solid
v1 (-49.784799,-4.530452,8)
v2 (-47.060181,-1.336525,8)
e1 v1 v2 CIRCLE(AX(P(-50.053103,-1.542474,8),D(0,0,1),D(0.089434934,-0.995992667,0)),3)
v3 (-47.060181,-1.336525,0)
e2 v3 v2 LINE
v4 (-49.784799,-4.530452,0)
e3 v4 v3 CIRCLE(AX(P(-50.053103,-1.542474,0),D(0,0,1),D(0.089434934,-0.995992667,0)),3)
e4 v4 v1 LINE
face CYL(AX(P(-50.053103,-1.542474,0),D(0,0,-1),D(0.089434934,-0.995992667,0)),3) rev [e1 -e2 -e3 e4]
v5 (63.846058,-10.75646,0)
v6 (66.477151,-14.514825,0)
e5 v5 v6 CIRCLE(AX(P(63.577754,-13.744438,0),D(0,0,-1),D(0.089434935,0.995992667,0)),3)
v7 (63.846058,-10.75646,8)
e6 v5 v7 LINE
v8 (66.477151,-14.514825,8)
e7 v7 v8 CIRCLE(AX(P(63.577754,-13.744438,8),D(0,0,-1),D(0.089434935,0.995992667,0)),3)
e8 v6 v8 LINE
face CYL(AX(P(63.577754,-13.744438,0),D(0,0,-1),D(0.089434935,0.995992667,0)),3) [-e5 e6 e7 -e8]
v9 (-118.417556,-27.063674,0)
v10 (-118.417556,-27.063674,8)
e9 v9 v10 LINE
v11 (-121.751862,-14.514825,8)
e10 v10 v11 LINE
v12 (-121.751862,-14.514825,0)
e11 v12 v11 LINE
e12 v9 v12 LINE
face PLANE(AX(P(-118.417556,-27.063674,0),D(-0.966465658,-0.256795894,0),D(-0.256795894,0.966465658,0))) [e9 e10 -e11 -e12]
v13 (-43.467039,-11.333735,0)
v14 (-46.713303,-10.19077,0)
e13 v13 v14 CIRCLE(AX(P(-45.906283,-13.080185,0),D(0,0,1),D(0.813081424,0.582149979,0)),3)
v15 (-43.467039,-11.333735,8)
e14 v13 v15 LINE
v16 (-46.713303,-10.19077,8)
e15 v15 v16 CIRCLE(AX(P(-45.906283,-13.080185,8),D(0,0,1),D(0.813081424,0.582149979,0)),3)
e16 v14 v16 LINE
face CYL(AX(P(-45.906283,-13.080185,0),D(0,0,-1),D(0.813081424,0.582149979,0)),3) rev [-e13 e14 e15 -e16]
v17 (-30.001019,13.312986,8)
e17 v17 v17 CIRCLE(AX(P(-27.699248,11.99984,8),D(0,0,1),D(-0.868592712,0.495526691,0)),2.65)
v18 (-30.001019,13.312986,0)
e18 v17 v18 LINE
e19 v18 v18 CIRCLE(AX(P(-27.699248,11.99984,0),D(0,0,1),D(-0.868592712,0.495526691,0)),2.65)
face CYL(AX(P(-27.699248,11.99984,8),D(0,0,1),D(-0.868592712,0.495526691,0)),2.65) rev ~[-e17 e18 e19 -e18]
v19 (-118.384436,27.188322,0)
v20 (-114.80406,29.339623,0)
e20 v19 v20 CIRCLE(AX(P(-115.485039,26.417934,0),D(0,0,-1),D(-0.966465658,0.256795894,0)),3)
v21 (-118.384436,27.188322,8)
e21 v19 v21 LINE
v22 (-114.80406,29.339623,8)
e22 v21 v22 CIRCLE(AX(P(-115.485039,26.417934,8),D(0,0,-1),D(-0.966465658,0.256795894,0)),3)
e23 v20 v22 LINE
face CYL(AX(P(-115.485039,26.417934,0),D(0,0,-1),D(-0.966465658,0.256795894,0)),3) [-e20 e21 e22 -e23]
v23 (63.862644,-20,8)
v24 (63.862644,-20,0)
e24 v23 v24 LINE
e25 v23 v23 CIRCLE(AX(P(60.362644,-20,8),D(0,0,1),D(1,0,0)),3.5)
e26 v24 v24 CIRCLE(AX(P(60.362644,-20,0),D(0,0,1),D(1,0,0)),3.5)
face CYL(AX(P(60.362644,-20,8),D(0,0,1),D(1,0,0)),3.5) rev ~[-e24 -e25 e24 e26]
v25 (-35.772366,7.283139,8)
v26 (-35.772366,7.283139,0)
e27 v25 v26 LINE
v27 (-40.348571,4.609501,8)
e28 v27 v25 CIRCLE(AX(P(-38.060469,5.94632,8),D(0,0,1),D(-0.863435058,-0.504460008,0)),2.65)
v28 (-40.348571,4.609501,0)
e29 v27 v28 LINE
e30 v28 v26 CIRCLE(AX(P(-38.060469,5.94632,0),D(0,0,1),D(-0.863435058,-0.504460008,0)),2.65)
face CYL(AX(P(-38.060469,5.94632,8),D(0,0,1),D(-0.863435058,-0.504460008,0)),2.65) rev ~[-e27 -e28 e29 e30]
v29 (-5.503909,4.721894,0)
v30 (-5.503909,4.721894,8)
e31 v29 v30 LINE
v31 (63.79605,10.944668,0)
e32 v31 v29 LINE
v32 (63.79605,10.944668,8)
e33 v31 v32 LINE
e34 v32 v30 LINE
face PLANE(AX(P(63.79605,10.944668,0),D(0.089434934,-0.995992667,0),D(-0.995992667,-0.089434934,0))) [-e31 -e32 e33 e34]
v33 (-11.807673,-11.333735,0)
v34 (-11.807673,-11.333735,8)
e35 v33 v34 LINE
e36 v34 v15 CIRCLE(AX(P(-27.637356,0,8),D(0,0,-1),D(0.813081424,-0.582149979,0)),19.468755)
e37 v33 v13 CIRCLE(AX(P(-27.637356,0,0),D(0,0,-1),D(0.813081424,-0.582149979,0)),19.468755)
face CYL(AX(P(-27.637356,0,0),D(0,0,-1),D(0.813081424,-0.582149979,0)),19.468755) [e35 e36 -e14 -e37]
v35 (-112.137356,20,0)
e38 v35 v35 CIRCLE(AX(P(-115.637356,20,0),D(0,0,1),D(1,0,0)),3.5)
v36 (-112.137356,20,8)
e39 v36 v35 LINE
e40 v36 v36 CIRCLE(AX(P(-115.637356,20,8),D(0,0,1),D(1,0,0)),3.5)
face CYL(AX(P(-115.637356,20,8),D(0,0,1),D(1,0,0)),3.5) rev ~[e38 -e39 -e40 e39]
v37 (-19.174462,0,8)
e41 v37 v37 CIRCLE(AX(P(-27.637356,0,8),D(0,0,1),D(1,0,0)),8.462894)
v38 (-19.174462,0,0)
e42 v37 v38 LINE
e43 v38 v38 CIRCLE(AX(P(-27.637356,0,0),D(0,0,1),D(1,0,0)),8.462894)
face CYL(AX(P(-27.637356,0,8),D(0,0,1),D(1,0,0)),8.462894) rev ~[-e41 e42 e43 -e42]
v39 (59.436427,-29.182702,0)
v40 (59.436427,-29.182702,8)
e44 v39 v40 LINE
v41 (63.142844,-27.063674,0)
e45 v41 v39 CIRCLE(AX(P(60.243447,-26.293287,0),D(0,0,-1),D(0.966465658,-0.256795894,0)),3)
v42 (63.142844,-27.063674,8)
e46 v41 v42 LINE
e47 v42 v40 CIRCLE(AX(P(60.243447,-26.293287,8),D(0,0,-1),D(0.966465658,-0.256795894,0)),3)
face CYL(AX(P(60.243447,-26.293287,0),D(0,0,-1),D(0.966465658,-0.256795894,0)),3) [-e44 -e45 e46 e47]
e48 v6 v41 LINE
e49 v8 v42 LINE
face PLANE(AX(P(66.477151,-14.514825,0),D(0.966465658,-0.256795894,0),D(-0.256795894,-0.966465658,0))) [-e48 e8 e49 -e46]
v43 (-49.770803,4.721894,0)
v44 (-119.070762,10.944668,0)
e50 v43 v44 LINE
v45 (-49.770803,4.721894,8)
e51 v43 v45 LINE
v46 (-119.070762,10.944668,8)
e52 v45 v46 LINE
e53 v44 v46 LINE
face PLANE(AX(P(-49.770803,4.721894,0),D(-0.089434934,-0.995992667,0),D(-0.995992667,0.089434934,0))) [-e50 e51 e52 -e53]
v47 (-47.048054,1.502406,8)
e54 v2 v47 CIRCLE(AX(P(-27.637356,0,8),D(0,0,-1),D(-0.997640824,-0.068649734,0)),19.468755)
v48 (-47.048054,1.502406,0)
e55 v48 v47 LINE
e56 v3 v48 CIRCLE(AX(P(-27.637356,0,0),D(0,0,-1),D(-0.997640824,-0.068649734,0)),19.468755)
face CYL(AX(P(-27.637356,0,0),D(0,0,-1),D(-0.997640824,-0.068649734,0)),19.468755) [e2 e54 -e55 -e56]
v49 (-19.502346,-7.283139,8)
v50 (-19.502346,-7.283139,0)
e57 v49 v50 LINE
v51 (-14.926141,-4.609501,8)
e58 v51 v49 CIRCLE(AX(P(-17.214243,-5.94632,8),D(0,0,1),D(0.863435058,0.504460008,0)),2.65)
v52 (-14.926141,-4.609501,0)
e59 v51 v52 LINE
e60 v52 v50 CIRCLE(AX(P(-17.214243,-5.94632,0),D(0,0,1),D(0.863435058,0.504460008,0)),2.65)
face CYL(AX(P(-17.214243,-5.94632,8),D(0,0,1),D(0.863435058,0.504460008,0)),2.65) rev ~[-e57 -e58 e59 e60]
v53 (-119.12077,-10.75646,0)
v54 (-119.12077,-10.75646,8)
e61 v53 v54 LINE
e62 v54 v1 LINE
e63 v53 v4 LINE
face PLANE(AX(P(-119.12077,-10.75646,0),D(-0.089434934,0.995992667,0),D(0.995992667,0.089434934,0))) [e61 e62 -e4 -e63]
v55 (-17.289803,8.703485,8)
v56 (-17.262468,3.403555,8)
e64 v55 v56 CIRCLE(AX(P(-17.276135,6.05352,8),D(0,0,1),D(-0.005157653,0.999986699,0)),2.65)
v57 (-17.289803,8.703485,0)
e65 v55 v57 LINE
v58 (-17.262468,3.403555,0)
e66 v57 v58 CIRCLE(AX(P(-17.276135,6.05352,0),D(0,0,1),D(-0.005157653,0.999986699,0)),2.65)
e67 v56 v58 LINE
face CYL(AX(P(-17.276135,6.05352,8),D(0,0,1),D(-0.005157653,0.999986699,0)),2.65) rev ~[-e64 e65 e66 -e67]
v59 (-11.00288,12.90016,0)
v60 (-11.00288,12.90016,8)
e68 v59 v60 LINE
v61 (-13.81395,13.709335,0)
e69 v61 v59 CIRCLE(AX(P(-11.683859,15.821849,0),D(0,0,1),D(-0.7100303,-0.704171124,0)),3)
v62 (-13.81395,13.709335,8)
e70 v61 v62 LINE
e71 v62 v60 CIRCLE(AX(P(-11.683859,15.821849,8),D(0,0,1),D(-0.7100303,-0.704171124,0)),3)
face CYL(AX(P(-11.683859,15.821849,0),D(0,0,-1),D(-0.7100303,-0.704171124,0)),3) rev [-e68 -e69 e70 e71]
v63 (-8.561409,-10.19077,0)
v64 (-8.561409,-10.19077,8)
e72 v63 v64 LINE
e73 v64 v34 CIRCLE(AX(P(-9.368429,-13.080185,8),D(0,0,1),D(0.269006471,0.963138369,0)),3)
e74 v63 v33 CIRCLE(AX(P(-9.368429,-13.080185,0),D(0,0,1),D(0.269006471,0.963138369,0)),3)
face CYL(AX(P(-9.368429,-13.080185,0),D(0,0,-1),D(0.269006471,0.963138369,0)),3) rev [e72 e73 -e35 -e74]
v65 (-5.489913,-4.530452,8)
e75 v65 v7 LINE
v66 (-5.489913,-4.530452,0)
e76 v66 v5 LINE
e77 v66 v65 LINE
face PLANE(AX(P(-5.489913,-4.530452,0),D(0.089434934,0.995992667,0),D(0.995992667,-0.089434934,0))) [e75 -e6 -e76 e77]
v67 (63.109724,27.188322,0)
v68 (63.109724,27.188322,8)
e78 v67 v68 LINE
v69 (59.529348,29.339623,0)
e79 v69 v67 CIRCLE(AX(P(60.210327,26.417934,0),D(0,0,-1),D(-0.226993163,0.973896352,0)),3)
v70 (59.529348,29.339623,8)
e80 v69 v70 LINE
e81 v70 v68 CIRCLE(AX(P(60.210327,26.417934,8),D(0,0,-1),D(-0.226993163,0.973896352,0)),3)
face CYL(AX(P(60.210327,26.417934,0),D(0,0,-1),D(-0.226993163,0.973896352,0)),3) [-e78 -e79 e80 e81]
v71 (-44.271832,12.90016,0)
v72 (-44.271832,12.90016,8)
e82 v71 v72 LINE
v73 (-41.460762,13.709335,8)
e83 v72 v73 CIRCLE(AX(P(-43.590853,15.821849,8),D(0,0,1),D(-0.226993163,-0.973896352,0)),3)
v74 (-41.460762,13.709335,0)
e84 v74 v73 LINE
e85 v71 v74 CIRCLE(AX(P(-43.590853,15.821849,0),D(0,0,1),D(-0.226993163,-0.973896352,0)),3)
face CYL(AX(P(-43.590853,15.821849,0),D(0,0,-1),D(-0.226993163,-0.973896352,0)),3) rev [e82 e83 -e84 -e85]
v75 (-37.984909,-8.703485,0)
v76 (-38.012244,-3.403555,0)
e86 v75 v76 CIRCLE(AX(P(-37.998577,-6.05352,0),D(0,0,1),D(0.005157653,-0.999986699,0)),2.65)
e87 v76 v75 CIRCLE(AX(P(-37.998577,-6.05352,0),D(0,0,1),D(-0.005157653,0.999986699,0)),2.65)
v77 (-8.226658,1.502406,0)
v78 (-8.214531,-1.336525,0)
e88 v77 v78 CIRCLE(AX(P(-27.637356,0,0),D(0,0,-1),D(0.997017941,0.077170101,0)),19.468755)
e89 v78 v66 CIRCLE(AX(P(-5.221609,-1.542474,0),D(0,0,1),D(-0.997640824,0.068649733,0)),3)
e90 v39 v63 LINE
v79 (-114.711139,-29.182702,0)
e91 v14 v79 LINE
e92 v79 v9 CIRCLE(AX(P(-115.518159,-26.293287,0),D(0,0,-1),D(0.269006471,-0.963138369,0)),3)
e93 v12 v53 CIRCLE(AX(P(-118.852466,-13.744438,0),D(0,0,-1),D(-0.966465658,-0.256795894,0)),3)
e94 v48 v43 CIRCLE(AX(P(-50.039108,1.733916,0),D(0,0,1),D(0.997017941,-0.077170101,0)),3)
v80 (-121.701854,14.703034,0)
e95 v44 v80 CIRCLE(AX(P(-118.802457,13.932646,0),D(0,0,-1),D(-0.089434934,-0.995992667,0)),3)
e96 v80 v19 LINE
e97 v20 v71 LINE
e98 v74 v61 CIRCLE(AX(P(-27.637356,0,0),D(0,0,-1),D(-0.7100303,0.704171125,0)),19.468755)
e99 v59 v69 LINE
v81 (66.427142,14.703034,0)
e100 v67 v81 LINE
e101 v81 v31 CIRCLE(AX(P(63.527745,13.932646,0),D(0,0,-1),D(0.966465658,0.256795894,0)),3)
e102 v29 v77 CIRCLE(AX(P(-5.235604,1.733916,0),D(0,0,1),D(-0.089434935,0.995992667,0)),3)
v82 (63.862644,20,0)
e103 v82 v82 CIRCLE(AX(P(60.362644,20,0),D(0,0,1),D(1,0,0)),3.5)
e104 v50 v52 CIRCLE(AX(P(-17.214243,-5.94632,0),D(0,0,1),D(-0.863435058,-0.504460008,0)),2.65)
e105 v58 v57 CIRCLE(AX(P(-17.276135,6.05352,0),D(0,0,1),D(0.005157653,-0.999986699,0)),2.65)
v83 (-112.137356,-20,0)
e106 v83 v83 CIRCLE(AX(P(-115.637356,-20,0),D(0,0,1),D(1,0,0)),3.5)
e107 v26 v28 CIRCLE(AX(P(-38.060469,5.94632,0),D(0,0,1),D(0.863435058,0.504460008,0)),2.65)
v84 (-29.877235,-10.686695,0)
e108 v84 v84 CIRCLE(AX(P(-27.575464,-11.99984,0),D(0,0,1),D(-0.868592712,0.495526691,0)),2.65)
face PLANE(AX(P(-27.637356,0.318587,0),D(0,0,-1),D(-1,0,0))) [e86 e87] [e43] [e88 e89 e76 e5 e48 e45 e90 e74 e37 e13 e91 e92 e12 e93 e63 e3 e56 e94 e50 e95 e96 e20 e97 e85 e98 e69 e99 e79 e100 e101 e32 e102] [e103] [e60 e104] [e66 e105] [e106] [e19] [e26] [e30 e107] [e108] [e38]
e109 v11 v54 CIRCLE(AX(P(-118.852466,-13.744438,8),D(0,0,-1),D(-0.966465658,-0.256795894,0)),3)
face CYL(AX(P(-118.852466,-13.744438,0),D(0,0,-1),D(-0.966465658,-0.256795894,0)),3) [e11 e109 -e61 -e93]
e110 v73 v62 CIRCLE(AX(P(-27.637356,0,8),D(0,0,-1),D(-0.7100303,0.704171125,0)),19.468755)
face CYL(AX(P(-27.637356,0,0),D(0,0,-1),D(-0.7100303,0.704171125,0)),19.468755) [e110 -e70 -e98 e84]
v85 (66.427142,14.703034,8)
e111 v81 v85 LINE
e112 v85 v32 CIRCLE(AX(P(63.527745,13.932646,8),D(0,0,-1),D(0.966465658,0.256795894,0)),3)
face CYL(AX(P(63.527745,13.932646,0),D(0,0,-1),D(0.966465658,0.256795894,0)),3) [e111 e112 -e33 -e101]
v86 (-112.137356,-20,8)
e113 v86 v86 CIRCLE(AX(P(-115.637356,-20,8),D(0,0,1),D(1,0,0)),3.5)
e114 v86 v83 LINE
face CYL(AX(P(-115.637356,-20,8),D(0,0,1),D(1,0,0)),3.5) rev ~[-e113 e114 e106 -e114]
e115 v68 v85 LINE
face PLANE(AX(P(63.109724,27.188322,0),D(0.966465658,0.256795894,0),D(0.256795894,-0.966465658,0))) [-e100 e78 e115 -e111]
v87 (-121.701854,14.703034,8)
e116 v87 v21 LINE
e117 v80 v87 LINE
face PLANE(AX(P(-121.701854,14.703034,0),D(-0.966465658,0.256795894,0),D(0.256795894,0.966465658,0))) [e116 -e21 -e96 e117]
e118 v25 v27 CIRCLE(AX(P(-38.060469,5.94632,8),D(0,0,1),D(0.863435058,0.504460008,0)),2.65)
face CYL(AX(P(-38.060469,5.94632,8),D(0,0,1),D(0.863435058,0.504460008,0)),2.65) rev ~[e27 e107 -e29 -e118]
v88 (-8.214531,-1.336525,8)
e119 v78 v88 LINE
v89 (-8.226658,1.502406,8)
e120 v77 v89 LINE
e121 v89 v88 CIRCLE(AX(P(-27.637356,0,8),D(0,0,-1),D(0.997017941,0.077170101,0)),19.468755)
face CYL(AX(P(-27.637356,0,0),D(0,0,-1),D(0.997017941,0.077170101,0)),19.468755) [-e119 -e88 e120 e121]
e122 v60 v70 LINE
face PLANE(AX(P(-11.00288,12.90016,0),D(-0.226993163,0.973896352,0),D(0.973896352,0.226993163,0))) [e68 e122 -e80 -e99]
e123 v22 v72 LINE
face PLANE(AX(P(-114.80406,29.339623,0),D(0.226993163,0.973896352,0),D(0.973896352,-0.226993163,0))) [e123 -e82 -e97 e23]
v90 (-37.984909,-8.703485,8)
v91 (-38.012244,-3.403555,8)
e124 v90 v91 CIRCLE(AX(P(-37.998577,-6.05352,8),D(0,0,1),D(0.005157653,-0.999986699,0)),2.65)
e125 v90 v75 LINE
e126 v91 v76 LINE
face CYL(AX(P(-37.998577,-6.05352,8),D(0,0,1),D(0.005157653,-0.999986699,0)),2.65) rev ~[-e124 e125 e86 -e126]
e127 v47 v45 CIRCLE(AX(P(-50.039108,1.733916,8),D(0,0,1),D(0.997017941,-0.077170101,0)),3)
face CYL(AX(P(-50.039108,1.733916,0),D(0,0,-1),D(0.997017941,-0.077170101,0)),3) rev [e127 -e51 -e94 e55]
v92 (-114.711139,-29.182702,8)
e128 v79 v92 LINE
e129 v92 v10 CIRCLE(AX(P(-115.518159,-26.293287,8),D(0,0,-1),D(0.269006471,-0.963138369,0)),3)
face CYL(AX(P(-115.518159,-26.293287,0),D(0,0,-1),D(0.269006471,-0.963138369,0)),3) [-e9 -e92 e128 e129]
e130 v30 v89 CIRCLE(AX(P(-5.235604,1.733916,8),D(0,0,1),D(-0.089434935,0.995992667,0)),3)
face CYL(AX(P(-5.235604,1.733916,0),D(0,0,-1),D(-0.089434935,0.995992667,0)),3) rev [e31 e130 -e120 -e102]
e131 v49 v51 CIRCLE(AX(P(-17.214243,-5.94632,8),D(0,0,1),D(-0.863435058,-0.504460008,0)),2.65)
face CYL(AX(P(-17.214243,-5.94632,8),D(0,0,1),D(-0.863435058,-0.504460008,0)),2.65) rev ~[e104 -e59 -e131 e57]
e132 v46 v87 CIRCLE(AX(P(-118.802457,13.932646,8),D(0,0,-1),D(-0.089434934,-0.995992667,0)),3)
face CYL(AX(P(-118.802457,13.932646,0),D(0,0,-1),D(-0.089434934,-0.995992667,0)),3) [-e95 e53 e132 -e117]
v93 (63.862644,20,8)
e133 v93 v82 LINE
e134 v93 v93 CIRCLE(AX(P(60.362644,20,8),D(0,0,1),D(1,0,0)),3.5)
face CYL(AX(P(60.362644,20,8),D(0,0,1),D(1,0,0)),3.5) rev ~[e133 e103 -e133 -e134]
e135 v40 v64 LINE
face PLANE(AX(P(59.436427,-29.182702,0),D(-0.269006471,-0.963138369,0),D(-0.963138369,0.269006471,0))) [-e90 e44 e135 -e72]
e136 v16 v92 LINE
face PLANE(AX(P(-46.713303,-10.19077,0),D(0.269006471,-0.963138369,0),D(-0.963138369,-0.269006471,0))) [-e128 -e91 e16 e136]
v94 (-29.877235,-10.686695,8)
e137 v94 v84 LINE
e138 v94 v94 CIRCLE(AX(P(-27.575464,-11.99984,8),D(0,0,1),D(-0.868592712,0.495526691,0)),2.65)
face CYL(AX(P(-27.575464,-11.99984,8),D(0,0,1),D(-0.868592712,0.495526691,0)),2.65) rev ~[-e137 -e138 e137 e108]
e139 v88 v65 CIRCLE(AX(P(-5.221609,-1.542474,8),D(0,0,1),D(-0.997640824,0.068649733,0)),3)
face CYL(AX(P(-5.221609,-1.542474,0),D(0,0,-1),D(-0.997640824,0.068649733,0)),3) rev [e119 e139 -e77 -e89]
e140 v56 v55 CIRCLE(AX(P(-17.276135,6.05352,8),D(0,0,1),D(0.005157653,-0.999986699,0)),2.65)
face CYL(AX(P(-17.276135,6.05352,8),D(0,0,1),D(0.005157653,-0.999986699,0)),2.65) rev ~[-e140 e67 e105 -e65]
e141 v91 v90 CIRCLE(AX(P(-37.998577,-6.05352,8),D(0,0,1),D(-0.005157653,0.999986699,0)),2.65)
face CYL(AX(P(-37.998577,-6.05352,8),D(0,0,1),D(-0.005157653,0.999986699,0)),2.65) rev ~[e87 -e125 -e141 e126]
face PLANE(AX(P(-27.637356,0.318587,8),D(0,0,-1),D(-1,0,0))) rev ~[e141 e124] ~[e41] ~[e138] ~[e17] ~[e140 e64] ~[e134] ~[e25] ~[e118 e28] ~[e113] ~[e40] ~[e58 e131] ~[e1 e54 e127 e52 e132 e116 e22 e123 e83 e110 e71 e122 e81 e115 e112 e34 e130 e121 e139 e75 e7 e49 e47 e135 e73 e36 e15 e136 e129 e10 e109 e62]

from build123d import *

# Parameters (mm, degrees)
EXTRUDE_2_DEPTH     = 8
SKETCH_4_R          = 3.5
SKETCH_4_R_2        = 8.462893534
CUT_EXTRUDE_1_DEPTH = 126.60827275


with BuildPart() as part:
    # 草图1 → 凸台-拉伸2 (new body)
    with BuildSketch(Plane.XY):
        with BuildLine():
            ThreePointArc((-44.271832455, 12.900159535), (-42.760990151, 12.93891125), (-41.460762065, 13.709335217))
            ThreePointArc((-41.460762065, 13.709335217), (-27.63735599, 19.468755163), (-13.813949915, 13.709335217))
            ThreePointArc((-13.813949915, 13.709335217), (-12.513721829, 12.93891125), (-11.002879525, 12.900159535))
            Line((-11.002879525, 12.900159535), (59.529347881, 29.339622898))
            ThreePointArc((59.529347881, 29.339622898), (61.75543851, 28.989437599), (63.109724345, 27.188321525))
            Line((63.109724345, 27.188321525), (66.427142402, 14.703033787))
            ThreePointArc((66.427142402, 14.703033787), (65.985368626, 12.212155416), (63.796050229, 10.944668104))
            Line((63.796050229, 10.944668104), (-5.503908774, 4.721894109))
            ThreePointArc((-5.503908774, 4.721894109), (-7.526265644, 3.671148438), (-8.226657796, 1.502405805))
            ThreePointArc((-8.226657796, 1.502405805), (-8.168778443, 0.083161809), (-8.214531044, -1.33652486))
            ThreePointArc((-8.214531044, -1.33652486), (-7.503974356, -3.489473399), (-5.489913373, -4.530452062))
            Line((-5.489913373, -4.530452062), (63.846058336, -10.75645981))
            ThreePointArc((63.846058336, -10.75645981), (66.035376732, -12.023947122), (66.477150508, -14.514825493))
            Line((66.477150508, -14.514825493), (63.142843844, -27.063674443))
            ThreePointArc((63.142843844, -27.063674443), (61.732433193, -28.897690671), (59.436427456, -29.182701869))
            Line((59.436427456, -29.182701869), (-8.561409136, -10.190770239))
            ThreePointArc((-8.561409136, -10.190770239), (-10.364737659, -10.250456004), (-11.807672821, -11.33373541))
            ThreePointArc((-11.807672821, -11.33373541), (-27.63735599, -19.468755163), (-43.467039159, -11.33373541))
            ThreePointArc((-43.467039159, -11.33373541), (-44.909974321, -10.250456004), (-46.713302844, -10.190770239))
            Line((-46.713302844, -10.190770239), (-114.711139436, -29.182701869))
            ThreePointArc((-114.711139436, -29.182701869), (-117.007145173, -28.897690671), (-118.417555824, -27.063674443))
            Line((-118.417555824, -27.063674443), (-121.751862488, -14.514825493))
            ThreePointArc((-121.751862488, -14.514825493), (-121.310088712, -12.023947122), (-119.120770315, -10.75645981))
            Line((-119.120770315, -10.75645981), (-49.784798606, -4.530452062))
            ThreePointArc((-49.784798606, -4.530452062), (-47.770737623, -3.489473399), (-47.060180936, -1.33652486))
            ThreePointArc((-47.060180936, -1.33652486), (-47.105933537, 0.083161809), (-47.048054184, 1.502405805))
            ThreePointArc((-47.048054184, 1.502405805), (-47.748446336, 3.671148438), (-49.770803206, 4.721894109))
            Line((-49.770803206, 4.721894109), (-119.070762209, 10.944668104))
            ThreePointArc((-119.070762209, 10.944668104), (-121.260080606, 12.212155416), (-121.701854382, 14.703033787))
            Line((-121.701854382, 14.703033787), (-118.384436325, 27.188321525))
            ThreePointArc((-118.384436325, 27.188321525), (-117.03015049, 28.989437599), (-114.804059861, 29.339622898))
            Line((-114.804059861, 29.339622898), (-44.271832455, 12.900159535))
        make_face()
    extrude(amount=EXTRUDE_2_DEPTH)

    # 草图4 → 切除-拉伸1 (cut, through all)
    with BuildSketch(Plane.XY.offset(8)):
        with Locations((-115.63735599, -20)):
            Circle(SKETCH_4_R)
        with Locations((-115.63735599, 20)):
            Circle(SKETCH_4_R)
        with Locations((60.36264401, -20)):
            Circle(SKETCH_4_R)
        with Locations((60.36264401, 20)):
            Circle(SKETCH_4_R)
        with Locations((-27.63735599, 0)):
            Circle(SKETCH_4_R_2)
        with BuildLine():
            ThreePointArc((-37.984908909, -8.703484854), (-35.348611937, -6.039852319), (-38.012244471, -3.403555348))
            ThreePointArc((-38.012244471, -3.403555348), (-40.648541443, -6.067187882), (-37.984908909, -8.703484854))
        make_face()
        with BuildLine():
            ThreePointArc((-25.273693465, -13.312986121), (-26.26231842, -9.698069705), (-29.877234836, -10.68669466))
            ThreePointArc((-29.877234836, -10.68669466), (-28.888609881, -14.301611076), (-25.273693465, -13.312986121))
        make_face()
        with BuildLine():
            ThreePointArc((-19.502346355, -7.283139312), (-15.877424428, -8.234423195), (-14.926140546, -4.609501268))
            ThreePointArc((-14.926140546, -4.609501268), (-18.551062473, -3.658217385), (-19.502346355, -7.283139312))
        make_face()
        with BuildLine():
            ThreePointArc((-17.262467509, 3.403555348), (-14.626170537, 6.067187882), (-17.289803071, 8.703484854))
            ThreePointArc((-17.289803071, 8.703484854), (-19.926100043, 6.039852319), (-17.262467509, 3.403555348))
        make_face()
        with BuildLine():
            ThreePointArc((-25.397477144, 10.68669466), (-26.386102099, 14.301611076), (-30.001018515, 13.312986121))
            ThreePointArc((-30.001018515, 13.312986121), (-29.01239356, 9.698069705), (-25.397477144, 10.68669466))
        make_face()
        with BuildLine():
            ThreePointArc((-35.772365625, 7.283139312), (-39.397287552, 8.234423195), (-40.348571434, 4.609501268))
            ThreePointArc((-40.348571434, 4.609501268), (-36.723649507, 3.658217385), (-35.772365625, 7.283139312))
        make_face()
    extrude(amount=-CUT_EXTRUDE_1_DEPTH, mode=Mode.SUBTRACT)


solid = part.part
